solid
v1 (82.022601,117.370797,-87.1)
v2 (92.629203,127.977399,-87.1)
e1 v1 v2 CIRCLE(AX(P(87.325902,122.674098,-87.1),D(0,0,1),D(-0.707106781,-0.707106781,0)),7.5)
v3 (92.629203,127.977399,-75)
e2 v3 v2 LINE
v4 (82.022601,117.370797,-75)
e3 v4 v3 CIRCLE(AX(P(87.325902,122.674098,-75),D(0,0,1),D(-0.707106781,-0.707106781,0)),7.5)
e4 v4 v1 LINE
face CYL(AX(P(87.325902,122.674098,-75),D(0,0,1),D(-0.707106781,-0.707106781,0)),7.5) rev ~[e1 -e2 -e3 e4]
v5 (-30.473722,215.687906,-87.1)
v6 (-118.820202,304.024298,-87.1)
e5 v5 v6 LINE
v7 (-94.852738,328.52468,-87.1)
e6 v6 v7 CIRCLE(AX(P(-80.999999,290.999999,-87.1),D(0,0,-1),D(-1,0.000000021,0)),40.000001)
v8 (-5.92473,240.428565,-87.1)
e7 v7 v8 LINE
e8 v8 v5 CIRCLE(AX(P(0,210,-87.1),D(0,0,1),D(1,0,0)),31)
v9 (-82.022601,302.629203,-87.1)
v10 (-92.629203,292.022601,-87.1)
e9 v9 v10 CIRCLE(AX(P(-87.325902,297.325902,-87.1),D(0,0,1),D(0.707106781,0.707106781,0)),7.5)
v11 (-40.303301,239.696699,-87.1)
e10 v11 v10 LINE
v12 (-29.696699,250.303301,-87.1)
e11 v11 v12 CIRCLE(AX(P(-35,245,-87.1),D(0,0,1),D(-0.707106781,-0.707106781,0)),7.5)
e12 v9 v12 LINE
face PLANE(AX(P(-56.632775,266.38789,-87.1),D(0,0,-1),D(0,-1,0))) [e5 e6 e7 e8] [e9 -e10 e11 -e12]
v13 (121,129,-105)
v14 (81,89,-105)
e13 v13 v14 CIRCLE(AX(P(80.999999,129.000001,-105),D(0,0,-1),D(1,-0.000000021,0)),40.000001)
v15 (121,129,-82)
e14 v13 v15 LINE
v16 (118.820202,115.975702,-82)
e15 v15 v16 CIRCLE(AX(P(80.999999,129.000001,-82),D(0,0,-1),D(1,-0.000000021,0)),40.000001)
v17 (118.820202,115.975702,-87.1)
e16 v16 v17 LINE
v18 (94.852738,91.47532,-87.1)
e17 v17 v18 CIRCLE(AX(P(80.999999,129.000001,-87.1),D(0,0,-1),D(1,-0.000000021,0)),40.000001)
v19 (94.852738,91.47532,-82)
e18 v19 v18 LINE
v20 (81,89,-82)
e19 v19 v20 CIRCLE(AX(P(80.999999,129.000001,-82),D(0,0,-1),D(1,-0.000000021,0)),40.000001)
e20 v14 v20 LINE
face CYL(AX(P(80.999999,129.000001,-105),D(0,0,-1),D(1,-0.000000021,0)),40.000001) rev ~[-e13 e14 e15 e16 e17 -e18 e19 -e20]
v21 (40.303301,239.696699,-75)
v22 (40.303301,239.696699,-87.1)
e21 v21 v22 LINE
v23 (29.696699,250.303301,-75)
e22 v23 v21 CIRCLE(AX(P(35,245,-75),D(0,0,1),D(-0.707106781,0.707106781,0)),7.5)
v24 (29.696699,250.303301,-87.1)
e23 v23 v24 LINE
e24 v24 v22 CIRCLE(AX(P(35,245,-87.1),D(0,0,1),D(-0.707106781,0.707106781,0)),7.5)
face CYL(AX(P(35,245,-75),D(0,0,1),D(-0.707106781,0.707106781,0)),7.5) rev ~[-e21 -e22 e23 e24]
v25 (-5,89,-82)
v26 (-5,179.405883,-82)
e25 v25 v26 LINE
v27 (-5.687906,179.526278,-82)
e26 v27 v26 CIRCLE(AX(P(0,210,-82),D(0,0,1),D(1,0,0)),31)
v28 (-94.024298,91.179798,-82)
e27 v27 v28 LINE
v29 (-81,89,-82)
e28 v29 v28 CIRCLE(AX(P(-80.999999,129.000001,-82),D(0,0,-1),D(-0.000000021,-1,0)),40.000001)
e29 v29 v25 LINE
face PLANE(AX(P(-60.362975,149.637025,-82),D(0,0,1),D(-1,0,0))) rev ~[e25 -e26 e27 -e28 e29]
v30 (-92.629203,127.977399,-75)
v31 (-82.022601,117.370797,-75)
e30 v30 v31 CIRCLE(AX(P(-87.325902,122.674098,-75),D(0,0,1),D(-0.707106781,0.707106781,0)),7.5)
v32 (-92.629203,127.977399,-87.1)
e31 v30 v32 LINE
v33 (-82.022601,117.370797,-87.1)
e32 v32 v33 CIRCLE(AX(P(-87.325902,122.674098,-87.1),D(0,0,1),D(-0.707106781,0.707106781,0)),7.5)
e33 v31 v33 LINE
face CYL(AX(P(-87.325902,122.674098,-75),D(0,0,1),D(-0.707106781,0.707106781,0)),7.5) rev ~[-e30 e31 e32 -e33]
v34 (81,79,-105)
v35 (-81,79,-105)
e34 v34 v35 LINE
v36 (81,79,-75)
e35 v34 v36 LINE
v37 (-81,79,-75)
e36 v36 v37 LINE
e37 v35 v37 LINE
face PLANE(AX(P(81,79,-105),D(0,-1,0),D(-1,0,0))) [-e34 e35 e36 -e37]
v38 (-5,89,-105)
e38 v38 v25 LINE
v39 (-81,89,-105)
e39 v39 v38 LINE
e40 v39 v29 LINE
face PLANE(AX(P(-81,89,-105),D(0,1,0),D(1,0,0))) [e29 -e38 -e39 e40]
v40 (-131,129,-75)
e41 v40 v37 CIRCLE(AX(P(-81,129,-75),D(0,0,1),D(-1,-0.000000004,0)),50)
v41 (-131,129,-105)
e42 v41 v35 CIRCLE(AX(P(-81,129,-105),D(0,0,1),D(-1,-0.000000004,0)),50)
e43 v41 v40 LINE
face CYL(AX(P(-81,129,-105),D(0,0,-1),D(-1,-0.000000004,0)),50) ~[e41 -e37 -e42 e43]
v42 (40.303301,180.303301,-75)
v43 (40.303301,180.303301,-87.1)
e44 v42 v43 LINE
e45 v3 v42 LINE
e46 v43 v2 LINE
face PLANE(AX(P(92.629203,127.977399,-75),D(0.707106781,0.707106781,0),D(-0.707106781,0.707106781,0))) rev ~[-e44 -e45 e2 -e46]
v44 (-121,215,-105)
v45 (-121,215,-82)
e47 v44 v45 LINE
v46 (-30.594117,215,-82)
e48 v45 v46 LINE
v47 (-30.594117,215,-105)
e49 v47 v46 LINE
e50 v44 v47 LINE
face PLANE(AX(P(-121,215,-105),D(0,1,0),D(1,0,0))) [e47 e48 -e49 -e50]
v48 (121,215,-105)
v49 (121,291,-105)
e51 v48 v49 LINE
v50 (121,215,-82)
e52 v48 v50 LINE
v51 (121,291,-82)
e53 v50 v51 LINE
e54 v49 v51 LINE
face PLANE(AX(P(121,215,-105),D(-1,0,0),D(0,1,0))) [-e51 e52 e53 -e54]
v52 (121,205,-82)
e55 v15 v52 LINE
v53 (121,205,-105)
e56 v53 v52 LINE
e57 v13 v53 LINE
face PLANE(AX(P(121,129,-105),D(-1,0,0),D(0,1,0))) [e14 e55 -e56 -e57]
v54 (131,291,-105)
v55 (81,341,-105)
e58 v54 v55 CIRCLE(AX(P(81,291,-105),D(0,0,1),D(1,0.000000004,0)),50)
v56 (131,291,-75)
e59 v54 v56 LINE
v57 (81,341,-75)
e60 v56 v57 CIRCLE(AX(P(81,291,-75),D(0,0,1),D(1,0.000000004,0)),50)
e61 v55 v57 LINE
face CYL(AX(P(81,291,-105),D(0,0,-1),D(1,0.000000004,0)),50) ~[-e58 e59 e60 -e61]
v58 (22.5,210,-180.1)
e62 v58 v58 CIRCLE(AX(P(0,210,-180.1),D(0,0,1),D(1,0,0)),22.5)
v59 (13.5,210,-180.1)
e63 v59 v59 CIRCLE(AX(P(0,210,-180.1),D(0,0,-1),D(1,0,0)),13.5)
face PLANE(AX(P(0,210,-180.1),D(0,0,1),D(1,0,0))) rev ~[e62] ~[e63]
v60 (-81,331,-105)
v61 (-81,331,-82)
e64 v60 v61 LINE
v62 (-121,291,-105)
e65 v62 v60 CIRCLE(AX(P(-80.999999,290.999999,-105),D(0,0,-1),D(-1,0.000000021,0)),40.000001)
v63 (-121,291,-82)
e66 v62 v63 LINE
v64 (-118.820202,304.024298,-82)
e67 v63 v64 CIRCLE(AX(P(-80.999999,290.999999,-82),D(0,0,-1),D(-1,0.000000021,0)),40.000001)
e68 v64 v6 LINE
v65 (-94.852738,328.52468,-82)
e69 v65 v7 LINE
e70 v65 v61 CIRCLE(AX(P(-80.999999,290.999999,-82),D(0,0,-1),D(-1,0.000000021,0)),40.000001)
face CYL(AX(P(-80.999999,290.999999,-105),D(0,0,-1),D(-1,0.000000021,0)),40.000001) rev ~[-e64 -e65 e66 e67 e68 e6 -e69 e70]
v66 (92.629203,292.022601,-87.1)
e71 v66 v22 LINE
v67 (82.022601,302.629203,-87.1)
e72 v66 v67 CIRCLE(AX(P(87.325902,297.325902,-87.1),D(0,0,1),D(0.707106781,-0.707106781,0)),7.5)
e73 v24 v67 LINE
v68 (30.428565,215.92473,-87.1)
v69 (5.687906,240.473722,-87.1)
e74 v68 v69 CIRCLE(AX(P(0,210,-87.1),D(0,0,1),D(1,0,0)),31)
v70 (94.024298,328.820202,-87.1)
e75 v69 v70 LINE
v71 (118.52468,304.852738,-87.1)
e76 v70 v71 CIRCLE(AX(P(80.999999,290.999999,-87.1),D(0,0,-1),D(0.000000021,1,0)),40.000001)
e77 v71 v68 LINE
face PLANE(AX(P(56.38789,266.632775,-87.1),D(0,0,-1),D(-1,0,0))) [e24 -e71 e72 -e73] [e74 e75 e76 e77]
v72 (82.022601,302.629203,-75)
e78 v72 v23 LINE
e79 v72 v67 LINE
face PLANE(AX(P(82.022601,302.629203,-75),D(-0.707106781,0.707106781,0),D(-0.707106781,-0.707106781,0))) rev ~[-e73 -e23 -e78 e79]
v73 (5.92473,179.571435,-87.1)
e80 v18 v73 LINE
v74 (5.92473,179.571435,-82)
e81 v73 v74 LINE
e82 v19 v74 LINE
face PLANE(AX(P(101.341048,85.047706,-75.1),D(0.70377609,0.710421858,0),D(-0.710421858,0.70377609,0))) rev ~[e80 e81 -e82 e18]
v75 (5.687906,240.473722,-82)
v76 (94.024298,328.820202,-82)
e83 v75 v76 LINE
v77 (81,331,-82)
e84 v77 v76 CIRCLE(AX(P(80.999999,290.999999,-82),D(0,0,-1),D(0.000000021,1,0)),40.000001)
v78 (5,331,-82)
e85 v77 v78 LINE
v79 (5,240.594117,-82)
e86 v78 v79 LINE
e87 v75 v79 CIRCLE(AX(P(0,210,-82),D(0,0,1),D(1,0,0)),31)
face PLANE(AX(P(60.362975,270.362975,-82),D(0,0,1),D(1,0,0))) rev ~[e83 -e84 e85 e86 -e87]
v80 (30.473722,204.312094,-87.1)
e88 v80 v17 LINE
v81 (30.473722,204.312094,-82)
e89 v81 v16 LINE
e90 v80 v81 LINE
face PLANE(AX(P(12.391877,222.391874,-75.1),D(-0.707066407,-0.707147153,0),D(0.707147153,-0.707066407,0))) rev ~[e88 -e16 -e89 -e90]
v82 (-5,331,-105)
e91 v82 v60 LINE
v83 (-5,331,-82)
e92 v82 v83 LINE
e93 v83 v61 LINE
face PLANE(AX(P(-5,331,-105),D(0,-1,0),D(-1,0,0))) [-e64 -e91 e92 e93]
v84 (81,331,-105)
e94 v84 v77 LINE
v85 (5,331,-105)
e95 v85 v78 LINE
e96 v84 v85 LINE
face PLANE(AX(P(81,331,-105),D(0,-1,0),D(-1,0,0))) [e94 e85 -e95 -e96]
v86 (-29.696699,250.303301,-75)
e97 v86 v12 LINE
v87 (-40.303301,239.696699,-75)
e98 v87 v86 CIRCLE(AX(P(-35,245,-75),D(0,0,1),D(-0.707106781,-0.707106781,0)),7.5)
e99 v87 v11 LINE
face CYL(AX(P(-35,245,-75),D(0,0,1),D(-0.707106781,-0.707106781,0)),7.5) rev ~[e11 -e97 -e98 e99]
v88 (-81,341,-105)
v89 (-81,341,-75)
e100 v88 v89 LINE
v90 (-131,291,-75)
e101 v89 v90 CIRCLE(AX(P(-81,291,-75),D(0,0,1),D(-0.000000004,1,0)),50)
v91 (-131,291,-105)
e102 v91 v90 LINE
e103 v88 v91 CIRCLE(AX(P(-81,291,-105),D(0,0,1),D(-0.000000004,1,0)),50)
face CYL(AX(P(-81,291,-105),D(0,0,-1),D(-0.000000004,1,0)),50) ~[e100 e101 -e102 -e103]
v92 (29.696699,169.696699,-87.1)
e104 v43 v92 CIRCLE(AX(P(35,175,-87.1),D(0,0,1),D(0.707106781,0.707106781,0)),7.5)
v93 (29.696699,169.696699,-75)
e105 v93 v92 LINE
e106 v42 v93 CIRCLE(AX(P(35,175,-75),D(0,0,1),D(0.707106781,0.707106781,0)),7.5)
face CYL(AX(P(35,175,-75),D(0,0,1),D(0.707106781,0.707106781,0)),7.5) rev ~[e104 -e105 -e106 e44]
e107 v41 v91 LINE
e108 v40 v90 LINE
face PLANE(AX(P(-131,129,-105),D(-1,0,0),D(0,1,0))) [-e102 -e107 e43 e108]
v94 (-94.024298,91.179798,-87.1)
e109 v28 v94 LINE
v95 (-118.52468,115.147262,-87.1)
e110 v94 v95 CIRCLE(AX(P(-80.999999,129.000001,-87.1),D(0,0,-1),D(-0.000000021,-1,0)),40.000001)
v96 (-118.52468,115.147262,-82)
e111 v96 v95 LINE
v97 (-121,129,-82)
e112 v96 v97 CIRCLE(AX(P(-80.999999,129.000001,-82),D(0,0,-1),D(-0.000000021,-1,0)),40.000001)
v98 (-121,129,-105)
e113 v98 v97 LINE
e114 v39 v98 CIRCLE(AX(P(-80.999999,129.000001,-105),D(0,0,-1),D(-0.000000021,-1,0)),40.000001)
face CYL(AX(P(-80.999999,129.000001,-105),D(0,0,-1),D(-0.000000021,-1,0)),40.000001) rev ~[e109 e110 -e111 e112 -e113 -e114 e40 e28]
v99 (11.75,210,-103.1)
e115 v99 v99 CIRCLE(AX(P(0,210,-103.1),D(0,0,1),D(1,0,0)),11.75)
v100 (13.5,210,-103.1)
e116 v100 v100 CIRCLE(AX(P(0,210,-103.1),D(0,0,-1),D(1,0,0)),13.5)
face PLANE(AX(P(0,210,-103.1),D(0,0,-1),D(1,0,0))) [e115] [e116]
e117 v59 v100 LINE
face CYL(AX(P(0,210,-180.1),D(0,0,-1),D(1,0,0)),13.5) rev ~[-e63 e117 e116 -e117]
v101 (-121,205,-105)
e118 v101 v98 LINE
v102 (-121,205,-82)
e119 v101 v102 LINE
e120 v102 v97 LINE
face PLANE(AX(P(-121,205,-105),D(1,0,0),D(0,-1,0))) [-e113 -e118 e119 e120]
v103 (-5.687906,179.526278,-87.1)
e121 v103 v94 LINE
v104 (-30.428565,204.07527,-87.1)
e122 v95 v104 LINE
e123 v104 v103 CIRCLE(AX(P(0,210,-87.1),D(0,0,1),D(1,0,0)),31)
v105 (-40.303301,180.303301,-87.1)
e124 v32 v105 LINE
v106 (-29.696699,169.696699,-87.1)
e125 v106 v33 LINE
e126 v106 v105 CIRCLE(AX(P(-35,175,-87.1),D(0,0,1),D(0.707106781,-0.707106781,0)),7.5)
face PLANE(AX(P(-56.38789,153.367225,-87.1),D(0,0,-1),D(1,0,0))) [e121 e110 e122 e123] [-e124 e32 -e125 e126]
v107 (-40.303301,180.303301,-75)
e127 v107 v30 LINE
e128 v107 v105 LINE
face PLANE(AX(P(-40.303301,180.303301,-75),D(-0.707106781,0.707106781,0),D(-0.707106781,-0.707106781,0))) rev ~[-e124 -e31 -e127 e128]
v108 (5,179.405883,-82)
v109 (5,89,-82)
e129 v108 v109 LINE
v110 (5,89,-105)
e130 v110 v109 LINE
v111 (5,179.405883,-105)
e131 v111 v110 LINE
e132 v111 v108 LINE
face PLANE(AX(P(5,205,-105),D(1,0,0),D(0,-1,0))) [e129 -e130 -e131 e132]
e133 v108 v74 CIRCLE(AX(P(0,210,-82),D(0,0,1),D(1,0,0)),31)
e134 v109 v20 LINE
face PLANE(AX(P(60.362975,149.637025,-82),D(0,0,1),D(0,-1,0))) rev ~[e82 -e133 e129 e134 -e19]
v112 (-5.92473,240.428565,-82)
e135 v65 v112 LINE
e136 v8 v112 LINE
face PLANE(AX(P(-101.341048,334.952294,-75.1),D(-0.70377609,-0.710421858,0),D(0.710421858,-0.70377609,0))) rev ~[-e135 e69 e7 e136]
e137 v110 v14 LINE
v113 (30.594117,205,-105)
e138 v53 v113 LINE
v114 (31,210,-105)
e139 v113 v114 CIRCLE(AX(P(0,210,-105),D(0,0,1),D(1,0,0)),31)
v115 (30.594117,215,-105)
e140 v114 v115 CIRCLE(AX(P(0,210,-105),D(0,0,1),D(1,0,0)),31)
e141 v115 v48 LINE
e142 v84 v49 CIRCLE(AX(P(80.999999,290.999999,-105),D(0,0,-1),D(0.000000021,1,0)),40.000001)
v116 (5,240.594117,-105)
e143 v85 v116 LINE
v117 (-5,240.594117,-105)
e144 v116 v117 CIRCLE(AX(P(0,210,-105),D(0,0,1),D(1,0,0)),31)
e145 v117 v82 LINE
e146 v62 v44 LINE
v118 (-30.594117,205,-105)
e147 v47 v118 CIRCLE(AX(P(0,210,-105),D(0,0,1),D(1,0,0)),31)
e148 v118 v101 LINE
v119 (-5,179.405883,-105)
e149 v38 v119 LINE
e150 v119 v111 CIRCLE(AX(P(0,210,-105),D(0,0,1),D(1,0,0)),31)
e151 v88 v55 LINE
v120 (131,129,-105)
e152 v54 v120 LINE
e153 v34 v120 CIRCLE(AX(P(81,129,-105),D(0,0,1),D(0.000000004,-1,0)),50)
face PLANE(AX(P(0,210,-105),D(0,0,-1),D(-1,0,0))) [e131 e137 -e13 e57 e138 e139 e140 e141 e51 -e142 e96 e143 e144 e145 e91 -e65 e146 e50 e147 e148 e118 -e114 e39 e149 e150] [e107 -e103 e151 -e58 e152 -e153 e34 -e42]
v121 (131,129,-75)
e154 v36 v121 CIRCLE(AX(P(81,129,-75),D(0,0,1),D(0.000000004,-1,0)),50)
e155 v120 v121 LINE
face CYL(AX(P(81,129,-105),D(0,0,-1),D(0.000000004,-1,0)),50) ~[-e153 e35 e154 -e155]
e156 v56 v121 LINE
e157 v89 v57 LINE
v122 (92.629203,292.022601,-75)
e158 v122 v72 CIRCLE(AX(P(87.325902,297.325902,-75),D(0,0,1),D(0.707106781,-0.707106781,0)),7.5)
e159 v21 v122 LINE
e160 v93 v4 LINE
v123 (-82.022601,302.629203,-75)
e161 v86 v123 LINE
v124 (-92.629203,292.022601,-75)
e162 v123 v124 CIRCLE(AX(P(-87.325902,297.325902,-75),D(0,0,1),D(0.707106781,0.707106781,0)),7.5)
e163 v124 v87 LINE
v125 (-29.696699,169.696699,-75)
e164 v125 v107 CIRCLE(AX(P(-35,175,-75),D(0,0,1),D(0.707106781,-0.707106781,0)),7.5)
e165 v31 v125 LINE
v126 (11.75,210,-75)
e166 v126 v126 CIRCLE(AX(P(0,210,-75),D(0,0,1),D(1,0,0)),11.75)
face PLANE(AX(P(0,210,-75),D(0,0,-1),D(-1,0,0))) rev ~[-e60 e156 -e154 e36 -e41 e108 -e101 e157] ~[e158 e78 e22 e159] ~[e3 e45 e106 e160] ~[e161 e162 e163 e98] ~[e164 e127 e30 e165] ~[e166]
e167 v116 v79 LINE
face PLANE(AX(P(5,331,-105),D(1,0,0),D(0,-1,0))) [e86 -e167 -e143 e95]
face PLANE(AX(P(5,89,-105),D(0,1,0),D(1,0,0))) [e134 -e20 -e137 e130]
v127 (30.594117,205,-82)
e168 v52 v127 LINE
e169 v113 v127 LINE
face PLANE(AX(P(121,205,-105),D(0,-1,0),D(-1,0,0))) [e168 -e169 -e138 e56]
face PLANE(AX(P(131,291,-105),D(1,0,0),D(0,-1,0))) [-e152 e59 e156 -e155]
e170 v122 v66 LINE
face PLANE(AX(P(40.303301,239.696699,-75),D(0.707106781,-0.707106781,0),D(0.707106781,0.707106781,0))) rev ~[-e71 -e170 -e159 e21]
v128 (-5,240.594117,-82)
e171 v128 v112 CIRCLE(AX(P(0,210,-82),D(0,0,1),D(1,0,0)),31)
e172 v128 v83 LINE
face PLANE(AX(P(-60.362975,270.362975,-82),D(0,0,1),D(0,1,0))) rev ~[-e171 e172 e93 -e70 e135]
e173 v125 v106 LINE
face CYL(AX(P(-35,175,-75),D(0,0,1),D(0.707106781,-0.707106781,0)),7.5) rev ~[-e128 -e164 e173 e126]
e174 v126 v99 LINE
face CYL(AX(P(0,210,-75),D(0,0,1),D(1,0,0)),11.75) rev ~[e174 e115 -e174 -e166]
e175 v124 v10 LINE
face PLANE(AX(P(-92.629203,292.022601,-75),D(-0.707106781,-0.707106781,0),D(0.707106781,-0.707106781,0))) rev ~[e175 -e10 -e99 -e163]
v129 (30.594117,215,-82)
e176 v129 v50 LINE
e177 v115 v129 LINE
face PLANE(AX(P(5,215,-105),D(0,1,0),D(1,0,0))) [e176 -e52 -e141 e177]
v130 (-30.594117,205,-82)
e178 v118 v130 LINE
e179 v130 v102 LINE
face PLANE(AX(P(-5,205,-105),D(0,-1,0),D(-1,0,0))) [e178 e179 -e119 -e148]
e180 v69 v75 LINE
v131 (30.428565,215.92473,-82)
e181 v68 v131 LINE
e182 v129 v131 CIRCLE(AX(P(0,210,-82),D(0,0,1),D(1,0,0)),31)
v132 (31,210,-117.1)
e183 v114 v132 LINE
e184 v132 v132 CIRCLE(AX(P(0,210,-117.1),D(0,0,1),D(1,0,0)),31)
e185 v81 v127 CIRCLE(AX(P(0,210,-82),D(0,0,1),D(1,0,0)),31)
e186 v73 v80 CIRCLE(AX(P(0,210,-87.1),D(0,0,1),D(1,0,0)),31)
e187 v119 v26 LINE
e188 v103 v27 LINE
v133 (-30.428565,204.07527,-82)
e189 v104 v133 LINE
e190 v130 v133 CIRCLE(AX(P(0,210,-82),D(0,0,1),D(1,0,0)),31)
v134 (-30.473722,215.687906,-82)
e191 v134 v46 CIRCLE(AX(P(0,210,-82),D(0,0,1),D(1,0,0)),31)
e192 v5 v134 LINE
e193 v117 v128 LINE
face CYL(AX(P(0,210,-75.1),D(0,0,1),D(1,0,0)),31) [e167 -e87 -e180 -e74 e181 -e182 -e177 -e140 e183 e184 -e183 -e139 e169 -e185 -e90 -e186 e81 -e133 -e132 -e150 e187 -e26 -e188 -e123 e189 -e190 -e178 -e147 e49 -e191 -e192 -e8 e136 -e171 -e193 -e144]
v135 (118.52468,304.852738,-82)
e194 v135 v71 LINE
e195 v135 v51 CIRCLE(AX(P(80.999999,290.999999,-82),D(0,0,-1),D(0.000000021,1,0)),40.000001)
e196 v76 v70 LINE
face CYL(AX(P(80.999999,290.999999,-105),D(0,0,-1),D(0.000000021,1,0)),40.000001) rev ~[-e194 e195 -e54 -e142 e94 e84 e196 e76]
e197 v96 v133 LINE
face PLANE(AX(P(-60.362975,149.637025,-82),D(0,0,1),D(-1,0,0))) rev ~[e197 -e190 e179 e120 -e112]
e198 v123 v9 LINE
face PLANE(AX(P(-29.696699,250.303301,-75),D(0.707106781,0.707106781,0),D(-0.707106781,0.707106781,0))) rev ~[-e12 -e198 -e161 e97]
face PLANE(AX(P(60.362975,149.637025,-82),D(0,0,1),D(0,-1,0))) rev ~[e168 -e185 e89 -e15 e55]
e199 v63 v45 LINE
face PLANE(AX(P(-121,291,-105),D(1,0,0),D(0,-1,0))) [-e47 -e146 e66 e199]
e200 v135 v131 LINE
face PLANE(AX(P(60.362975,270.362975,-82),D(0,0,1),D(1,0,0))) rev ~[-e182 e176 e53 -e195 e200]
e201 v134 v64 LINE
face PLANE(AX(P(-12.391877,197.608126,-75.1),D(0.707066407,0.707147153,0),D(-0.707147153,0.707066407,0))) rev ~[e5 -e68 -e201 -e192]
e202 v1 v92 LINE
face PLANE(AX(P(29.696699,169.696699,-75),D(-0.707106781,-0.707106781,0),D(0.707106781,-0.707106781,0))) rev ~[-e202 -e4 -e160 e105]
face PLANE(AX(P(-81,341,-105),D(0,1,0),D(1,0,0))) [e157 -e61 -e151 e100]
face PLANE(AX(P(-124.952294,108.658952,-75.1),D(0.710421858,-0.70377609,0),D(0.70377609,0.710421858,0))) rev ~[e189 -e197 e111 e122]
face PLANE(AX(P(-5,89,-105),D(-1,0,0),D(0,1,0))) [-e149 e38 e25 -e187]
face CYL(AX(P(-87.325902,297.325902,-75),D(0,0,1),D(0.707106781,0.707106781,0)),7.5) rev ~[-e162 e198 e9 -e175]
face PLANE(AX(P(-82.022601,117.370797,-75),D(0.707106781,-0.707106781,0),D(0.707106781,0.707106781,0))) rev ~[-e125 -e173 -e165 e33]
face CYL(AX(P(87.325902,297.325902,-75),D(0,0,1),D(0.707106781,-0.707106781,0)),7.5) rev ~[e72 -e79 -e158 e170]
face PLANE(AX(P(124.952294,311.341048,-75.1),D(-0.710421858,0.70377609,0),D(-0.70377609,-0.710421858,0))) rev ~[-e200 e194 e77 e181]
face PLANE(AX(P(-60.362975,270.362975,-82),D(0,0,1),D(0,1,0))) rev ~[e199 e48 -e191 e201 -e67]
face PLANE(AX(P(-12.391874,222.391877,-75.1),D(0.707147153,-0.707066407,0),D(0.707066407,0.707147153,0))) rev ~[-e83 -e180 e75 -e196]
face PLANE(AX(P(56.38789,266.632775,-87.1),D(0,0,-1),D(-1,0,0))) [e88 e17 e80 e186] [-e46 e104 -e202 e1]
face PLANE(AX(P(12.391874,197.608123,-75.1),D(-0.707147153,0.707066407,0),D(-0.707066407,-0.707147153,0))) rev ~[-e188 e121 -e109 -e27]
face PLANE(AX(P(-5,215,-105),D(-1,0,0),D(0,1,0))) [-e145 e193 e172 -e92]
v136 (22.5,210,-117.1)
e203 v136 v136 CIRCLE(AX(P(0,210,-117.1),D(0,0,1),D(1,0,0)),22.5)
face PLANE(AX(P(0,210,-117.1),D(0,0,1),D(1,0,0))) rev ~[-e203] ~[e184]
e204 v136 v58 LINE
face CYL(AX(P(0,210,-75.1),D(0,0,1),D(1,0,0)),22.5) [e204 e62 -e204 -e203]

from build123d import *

# Parameters (mm, degrees)
PAD002_DEPTH          = 30
POCKET024_DEPTH       = 23
POLARPATTERN_COUNT    = 4
PAD013_DEPTH          = 12
POLARPATTERN001_COUNT = 4
SKETCH039_R           = 31
PAD014_DEPTH          = 42
SKETCH040_R           = 22.5
PAD015_DEPTH          = 105
SKETCH041_R           = 13.5
POCKET025_DEPTH       = 77
SKETCH042_R           = 11.75
POCKET026_DEPTH       = 50
POCKET027_DEPTH       = 15
POLARPATTERN002_COUNT = 4


with BuildPart() as part:
    # Sketch005 → Pad002 (new body)
    with BuildSketch(Plane.XY):
        with BuildLine():
            Line((-81, 131), (81, 131))
            ThreePointArc((131, 81), (116.355339, 116.355339), (81, 131))
            Line((131, 81), (131, -81))
            ThreePointArc((81, -131), (116.355339, -116.355339), (131, -81))
            Line((81, -131), (-81, -131))
            ThreePointArc((-131, -81), (-116.355339, -116.355339), (-81, -131))
            Line((-131, -81), (-131, 81))
            ThreePointArc((-81, 131), (-116.355339, 116.355339), (-131, 81))
        make_face()
    extrude(amount=PAD002_DEPTH)

    # Sketch037 (on Face9 of Pad002) → Pocket024 (cut)
    with BuildSketch(Plane(origin=(0, 0, 0), x_dir=(1, 0, 0), z_dir=(0, 0, -1))):
        with BuildLine():
            Line((-81, 121), (-5, 121))
            Line((-5, 121), (-5, 5))
            Line((-5, 5), (-121, 5))
            Line((-121, 5), (-121, 81))
            ThreePointArc((-81, 121), (-109.284271, 109.284271), (-121, 81))
        make_face()
    pocket024 = extrude(amount=-POCKET024_DEPTH, mode=Mode.SUBTRACT)

    # PolarPattern: Pocket024 ×4 about axis
    polarpattern_axis = Axis((0, 0, 0), (0, 0, -1))
    for i in range(1, POLARPATTERN_COUNT):
        add(pocket024.rotate(polarpattern_axis, i * 360 / POLARPATTERN_COUNT), mode=Mode.SUBTRACT)

    # Sketch038 (on Face5 of PolarPattern) → Pad013 (join)
    with BuildSketch(Plane.XY.offset(29.9)):
        Polygon((-12.391874, 12.391877), (99.536252, 124.332785), (105.391106, 122.550873), (110, 120), (120, 110), (124.952294, 101.341048), (12.337305, -12.337366), align=None)
    pad013 = extrude(amount=-PAD013_DEPTH)

    # PolarPattern001: Pad013 ×4 about axis
    polarpattern001_axis = Axis((0, 0, 29.9), (0, 0, 1))
    for i in range(1, POLARPATTERN001_COUNT):
        add(pad013.rotate(polarpattern001_axis, i * 360 / POLARPATTERN001_COUNT))

    # Sketch039 (on Face5 of PolarPattern001) → Pad014 (join)
    with BuildSketch(Plane.XY.offset(29.9)):
        Circle(SKETCH039_R)
    extrude(amount=-PAD014_DEPTH)

    # Sketch040 (on Face5 of Pad014) → Pad015 (join)
    with BuildSketch(Plane.XY.offset(29.9)):
        Circle(SKETCH040_R)
    extrude(amount=-PAD015_DEPTH)

    # Sketch041 (on Face54 of Pad015) → Pocket025 (cut)
    with BuildSketch(Plane(origin=(0, 0, -75.1), x_dir=(1, 0, 0), z_dir=(0, 0, -1))):
        Circle(SKETCH041_R)
    extrude(amount=-POCKET025_DEPTH, mode=Mode.SUBTRACT)

    # Sketch042 (on Face5 of Pocket025) → Pocket026 (cut)
    with BuildSketch(Plane.XY.offset(30)):
        Circle(SKETCH042_R)
    extrude(amount=-POCKET026_DEPTH, mode=Mode.SUBTRACT)

    # Sketch043 (on Face5 of Pocket026) → Pocket027 (cut)
    with BuildSketch(Plane.XY.offset(30)):
        with BuildLine():
            ThreePointArc((29.696699, 40.303301), (29.696699, 29.696699), (40.303301, 29.696699))
            Line((40.303301, 29.696699), (92.629203, 82.022601))
            ThreePointArc((92.629203, 82.022601), (92.629203, 92.629203), (82.022601, 92.629203))
            Line((82.022601, 92.629203), (29.696699, 40.303301))
        make_face()
    pocket027 = extrude(amount=-POCKET027_DEPTH, mode=Mode.SUBTRACT)

    # PolarPattern002: Pocket027 ×4 about axis
    polarpattern002_axis = Axis((0, 0, 30), (0, 0, 1))
    for i in range(1, POLARPATTERN002_COUNT):
        add(pocket027.rotate(polarpattern002_axis, i * 360 / POLARPATTERN002_COUNT), mode=Mode.SUBTRACT)


with BuildPart() as part_1:
    # Body002 placement: moved
    add(part.part.moved(Location((0, 210, -105))))


solid = part_1.part
